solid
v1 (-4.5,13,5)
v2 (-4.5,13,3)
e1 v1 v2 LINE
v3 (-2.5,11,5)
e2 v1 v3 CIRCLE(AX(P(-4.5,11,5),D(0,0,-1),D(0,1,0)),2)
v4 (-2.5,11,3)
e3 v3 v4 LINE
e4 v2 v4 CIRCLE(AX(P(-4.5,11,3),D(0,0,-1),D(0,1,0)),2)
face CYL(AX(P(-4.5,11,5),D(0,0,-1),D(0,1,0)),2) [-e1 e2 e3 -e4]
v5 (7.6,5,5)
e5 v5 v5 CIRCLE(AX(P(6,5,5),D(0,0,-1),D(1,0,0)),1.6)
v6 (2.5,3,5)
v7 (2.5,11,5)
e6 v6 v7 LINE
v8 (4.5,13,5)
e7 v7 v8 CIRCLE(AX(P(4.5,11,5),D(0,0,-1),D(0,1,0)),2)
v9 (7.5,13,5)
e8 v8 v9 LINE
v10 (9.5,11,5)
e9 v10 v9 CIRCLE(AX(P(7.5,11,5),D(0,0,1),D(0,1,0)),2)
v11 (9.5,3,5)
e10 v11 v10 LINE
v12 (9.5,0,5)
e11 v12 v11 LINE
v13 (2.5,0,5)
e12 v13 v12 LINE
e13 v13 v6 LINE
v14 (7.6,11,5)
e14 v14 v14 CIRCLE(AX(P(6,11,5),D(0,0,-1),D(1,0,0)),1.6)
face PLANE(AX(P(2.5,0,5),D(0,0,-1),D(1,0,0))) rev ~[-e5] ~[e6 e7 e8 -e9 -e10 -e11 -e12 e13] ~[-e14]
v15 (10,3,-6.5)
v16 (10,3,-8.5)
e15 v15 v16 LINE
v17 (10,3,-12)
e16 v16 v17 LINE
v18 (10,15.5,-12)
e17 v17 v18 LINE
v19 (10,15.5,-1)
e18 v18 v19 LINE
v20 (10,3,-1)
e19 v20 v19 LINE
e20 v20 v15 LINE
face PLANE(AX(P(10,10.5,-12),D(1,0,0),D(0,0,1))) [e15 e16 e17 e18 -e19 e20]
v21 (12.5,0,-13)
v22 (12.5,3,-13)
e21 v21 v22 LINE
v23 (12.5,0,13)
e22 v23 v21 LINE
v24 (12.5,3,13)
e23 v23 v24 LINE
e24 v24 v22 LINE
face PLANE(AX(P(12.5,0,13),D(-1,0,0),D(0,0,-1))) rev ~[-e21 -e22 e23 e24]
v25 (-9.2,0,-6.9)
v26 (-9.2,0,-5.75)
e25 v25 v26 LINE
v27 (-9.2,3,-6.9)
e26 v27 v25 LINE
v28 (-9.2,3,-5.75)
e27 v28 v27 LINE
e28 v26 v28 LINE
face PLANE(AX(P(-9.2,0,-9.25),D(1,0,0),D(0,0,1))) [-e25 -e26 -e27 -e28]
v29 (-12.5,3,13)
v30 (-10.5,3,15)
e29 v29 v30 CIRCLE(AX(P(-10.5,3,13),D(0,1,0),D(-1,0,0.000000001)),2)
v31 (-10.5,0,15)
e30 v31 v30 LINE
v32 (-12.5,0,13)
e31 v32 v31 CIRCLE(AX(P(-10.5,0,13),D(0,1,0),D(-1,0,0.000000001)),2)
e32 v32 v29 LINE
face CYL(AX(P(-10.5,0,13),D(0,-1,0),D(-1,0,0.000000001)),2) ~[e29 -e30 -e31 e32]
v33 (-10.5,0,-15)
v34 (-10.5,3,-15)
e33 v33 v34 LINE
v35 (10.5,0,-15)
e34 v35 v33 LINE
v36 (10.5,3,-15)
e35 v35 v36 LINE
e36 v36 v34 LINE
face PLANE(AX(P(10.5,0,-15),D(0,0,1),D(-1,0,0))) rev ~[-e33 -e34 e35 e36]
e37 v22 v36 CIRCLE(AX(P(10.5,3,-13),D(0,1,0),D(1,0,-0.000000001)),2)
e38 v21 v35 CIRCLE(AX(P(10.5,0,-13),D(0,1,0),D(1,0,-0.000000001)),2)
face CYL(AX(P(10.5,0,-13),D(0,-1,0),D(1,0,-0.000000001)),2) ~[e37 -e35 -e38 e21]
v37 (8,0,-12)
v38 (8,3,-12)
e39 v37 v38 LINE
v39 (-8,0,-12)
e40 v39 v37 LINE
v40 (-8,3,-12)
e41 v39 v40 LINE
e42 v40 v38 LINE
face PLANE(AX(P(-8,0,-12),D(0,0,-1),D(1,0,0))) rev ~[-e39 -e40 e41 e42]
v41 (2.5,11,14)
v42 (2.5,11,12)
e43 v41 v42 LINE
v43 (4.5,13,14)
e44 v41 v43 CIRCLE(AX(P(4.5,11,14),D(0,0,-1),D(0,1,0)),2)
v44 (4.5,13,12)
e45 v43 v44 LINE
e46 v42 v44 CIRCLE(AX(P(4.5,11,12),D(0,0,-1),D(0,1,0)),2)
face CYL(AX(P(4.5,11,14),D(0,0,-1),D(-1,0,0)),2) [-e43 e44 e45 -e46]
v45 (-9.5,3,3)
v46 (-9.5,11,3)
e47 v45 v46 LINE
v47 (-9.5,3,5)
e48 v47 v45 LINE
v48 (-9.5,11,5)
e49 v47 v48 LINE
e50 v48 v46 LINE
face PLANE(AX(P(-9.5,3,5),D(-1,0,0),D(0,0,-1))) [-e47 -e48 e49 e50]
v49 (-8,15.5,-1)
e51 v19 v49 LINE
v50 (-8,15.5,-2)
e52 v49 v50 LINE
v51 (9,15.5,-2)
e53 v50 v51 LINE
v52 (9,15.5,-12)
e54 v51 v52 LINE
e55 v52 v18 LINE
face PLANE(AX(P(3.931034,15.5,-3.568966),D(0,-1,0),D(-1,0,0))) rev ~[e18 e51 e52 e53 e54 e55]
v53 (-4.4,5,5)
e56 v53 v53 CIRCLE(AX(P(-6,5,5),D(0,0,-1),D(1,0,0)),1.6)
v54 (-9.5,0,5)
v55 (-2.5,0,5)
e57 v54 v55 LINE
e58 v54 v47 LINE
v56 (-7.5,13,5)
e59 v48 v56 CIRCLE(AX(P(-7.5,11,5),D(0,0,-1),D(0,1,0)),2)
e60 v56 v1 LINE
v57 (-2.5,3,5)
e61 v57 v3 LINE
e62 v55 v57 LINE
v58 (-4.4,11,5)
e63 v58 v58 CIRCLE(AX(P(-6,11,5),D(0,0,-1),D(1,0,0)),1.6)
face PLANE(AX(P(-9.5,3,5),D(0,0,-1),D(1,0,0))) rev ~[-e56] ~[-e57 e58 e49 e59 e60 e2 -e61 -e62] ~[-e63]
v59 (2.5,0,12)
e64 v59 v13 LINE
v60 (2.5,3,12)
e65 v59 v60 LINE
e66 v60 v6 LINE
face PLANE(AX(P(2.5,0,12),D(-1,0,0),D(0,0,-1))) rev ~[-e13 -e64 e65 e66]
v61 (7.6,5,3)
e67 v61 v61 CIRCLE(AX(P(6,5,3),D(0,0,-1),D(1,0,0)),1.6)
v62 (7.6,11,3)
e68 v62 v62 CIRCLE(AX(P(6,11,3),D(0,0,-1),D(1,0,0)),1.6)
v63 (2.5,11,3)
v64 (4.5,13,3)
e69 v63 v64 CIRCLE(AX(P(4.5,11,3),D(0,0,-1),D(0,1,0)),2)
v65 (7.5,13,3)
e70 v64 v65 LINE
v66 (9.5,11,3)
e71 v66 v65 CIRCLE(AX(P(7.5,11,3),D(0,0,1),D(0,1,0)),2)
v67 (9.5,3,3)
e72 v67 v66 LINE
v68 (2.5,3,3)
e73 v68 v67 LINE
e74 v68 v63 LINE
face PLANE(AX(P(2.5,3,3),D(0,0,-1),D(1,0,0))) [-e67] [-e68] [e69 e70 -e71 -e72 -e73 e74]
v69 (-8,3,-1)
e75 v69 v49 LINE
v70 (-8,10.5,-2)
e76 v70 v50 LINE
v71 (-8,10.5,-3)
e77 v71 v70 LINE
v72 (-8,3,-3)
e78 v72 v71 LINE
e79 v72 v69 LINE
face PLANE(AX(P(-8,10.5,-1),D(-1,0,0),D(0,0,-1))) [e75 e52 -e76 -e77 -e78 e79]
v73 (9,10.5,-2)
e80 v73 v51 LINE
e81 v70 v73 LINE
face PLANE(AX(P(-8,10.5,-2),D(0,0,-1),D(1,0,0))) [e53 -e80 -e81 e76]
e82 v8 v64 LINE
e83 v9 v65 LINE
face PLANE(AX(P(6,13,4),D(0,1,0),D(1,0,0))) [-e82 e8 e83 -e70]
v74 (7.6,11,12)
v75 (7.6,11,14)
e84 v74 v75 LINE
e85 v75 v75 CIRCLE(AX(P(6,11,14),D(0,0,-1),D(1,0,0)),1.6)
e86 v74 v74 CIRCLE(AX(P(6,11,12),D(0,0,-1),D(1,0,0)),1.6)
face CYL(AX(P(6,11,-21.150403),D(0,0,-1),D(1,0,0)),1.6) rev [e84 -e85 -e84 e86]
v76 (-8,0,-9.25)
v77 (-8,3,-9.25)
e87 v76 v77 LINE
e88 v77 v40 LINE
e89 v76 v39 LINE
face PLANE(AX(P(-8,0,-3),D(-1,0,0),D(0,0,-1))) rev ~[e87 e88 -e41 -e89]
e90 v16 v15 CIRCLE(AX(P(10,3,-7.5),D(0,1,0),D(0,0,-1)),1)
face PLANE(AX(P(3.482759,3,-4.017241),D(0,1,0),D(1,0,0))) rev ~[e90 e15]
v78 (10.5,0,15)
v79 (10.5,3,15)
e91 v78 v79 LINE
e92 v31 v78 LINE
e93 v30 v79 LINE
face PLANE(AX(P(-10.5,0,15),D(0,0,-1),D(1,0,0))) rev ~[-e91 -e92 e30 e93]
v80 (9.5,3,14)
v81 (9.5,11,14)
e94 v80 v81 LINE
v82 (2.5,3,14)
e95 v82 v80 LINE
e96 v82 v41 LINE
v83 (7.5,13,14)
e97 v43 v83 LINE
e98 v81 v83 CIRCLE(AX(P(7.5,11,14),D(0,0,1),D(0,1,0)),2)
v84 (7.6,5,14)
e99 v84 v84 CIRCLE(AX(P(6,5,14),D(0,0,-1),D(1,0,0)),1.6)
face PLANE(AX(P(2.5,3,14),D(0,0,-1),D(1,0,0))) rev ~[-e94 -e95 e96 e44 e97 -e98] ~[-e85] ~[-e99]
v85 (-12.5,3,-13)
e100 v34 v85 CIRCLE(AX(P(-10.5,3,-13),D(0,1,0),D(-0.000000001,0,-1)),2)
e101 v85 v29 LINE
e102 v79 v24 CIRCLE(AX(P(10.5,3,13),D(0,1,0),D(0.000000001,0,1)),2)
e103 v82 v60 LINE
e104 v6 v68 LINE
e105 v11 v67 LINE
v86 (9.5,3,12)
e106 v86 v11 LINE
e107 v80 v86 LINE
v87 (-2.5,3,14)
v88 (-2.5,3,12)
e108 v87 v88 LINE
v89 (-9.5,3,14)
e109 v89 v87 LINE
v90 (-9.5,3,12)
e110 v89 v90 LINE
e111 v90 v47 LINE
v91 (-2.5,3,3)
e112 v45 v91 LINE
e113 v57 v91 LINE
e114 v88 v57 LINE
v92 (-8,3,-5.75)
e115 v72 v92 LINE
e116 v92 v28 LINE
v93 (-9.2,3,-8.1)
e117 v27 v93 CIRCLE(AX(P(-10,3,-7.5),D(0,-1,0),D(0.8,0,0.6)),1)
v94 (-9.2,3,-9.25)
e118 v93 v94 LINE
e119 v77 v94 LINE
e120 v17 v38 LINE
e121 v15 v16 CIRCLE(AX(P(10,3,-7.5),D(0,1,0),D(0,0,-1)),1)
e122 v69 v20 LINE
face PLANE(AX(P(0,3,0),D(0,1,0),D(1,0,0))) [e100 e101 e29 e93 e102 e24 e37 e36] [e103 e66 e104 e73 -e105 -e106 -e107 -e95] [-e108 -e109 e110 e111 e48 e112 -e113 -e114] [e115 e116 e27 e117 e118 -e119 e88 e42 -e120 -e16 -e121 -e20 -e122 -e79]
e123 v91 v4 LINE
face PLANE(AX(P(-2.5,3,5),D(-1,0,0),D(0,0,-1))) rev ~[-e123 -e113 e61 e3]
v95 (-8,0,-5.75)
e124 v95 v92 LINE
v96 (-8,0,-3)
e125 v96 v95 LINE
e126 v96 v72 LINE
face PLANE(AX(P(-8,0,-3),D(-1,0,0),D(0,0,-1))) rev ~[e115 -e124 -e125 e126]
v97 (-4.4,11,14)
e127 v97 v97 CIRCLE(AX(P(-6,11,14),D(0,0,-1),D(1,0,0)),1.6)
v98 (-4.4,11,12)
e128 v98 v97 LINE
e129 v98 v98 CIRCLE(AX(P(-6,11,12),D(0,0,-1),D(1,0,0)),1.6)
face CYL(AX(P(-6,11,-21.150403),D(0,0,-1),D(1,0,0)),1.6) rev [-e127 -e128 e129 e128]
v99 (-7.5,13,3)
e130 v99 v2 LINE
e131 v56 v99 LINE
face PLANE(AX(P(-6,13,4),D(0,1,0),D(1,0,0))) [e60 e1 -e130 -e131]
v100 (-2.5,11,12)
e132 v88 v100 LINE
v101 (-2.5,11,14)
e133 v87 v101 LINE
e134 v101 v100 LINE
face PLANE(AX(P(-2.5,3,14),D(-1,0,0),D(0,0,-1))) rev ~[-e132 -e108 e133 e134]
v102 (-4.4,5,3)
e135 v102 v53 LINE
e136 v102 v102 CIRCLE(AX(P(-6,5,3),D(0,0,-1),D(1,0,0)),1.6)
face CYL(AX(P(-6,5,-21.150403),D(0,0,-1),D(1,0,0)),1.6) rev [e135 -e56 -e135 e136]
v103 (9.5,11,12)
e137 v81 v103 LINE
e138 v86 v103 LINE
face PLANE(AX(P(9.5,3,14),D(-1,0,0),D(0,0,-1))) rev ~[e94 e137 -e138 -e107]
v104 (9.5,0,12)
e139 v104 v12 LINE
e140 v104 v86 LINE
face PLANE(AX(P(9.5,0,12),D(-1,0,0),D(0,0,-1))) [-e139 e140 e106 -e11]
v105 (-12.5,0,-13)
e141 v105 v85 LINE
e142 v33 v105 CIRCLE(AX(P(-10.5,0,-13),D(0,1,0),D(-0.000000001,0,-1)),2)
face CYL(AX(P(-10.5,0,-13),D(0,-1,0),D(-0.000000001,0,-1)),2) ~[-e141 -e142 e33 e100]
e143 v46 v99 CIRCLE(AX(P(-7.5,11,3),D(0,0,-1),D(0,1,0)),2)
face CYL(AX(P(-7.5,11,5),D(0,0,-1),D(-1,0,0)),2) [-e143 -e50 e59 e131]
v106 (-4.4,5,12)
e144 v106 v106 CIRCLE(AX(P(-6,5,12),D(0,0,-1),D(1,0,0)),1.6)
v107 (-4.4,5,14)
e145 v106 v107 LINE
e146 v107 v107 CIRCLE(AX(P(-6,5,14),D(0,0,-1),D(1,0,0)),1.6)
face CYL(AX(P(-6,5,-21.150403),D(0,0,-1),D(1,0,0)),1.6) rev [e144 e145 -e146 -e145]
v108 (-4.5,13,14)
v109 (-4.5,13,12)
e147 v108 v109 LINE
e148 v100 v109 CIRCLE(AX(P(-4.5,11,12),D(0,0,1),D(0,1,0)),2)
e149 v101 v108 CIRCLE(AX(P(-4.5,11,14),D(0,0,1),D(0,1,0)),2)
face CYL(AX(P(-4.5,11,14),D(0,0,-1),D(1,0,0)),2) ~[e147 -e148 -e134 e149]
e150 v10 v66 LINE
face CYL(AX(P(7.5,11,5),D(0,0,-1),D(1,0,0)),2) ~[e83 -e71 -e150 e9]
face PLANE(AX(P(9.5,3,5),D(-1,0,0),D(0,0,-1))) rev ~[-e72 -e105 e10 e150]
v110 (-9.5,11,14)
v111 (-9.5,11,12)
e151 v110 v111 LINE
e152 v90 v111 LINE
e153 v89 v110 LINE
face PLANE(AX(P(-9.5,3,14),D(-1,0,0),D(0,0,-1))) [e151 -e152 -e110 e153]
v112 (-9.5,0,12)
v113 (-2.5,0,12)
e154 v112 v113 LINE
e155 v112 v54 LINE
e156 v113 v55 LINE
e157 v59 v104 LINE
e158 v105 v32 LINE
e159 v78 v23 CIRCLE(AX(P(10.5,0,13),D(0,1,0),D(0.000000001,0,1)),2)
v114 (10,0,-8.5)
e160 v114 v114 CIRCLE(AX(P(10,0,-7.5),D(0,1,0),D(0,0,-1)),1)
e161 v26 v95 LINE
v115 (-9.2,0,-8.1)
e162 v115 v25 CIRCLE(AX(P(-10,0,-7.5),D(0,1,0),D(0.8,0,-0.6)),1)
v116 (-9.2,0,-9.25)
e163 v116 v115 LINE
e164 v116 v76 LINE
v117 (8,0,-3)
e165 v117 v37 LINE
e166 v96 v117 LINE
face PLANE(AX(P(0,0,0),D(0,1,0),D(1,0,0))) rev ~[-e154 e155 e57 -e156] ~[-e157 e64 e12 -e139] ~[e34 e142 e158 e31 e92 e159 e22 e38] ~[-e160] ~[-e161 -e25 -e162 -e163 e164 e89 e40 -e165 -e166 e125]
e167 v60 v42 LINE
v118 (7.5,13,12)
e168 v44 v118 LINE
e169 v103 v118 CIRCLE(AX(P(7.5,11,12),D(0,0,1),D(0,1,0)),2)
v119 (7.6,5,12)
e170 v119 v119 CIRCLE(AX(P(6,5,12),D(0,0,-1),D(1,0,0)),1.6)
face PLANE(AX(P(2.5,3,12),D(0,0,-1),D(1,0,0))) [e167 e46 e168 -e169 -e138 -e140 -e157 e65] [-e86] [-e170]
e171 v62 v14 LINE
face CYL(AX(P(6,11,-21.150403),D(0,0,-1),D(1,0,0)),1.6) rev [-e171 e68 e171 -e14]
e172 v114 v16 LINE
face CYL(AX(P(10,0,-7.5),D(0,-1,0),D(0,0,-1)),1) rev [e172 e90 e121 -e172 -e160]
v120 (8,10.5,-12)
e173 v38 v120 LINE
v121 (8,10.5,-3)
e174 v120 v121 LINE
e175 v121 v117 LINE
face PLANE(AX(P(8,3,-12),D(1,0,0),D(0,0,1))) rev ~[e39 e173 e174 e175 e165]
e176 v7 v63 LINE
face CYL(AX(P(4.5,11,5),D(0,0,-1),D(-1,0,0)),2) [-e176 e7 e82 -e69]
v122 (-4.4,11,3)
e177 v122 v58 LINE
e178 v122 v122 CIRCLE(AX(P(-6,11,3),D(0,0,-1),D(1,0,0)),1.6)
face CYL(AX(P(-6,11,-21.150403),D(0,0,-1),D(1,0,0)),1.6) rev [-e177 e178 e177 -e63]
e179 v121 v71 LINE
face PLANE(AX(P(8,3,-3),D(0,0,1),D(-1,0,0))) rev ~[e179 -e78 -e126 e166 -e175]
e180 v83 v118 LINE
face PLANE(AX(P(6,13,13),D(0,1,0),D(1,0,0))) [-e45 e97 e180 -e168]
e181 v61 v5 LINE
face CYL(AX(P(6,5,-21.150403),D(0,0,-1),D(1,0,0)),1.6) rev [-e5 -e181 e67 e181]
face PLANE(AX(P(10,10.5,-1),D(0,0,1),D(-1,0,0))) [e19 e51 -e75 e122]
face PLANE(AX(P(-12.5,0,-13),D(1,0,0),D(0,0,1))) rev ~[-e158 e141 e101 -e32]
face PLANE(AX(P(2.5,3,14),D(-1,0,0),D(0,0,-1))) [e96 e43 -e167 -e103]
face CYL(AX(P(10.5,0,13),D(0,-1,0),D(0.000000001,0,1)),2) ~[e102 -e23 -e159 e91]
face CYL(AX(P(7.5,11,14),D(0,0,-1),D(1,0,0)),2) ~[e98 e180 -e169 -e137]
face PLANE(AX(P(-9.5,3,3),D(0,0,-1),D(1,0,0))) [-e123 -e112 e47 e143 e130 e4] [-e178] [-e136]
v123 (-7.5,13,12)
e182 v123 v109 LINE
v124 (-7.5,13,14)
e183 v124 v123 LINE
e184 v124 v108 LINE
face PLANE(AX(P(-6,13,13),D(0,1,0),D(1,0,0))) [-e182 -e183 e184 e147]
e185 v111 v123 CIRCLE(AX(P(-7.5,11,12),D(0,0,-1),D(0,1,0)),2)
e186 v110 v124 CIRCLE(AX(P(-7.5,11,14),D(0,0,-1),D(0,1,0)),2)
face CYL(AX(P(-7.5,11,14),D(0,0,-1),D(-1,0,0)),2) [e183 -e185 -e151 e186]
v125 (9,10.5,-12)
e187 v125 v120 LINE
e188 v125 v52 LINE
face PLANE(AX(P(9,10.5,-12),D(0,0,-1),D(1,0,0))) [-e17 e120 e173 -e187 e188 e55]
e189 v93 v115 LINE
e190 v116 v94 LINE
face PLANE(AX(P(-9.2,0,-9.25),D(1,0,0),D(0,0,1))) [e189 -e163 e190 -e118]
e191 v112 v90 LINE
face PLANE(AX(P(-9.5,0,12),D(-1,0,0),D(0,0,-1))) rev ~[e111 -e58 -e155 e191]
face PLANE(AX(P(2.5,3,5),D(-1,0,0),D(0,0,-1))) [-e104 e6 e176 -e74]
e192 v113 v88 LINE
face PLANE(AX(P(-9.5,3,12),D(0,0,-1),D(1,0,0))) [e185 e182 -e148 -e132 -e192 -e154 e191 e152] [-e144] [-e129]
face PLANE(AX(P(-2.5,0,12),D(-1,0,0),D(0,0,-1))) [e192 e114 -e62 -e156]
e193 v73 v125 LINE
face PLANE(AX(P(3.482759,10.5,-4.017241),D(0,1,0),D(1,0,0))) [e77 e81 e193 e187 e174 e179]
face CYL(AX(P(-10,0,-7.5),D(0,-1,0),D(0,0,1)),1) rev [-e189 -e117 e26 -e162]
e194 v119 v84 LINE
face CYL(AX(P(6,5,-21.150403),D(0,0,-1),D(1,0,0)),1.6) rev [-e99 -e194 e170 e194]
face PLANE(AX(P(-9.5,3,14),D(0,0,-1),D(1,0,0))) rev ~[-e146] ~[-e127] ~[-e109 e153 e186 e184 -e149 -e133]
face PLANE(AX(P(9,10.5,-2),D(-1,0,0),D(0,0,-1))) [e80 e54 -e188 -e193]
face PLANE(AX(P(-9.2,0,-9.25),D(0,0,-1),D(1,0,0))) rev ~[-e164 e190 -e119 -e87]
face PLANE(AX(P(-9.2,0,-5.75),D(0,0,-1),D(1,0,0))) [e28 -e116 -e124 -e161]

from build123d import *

# Parameters (mm, degrees)
SKETCH_1_R               = 1
SKETCH_1_W               = 16
SKETCH_1_H               = 9
SKETCH_1_W_2             = 7
SKETCH_1_H_2             = 7
EXTRUDE_1_DEPTH          = 3
SKETCH_2_W               = 7
SKETCH_2_H               = 2
EXTRUDE_2_DEPTH          = 10
CUT_EXTRUDE_1_DEPTH      = 35.150402633
CUT_EXTRUDE_1_DEPTH_BACK = 35.150402633
SKETCH_3_R               = 1.6
FILLET_1_R               = 2
SKETCH_4_W               = 1.2
SKETCH_4_H               = 3.5
CUT_EXTRUDE_3_DEPTH      = 10
EXTRUDE_3_DEPTH          = 7.5
EXTRUDE_6_DEPTH          = 5


with BuildPart() as part:
    # 草图1 → 凸台-拉伸1 (new body)
    with BuildSketch(Plane(origin=(0, 0, 0), x_dir=(1, 0, 0), z_dir=(0, 1, 0))):
        with BuildLine():
            Line((-10.5, -15), (10.5, -15))
            ThreePointArc((10.5, -15), (11.914213562, -14.414213562), (12.5, -13))
            Line((12.5, -13), (12.5, 13))
            ThreePointArc((12.5, 13), (11.914213562, 14.414213562), (10.5, 15))
            Line((10.5, 15), (-10.5, 15))
            ThreePointArc((-10.5, 15), (-11.914213562, 14.414213562), (-12.5, 13))
            Line((-12.5, 13), (-12.5, -13))
            ThreePointArc((-12.5, -13), (-11.914213562, -14.414213562), (-10.5, -15))
        make_face()
        with Locations(Location((-10, 7.5, 0), (0, 0, 270))):
            Circle(SKETCH_1_R, mode=Mode.SUBTRACT)
        with Locations(Location((10, 7.5, 0), (0, 0, 90))):
            Circle(SKETCH_1_R, mode=Mode.SUBTRACT)
        with Locations((0, 7.5)):
            Rectangle(SKETCH_1_W, SKETCH_1_H, mode=Mode.SUBTRACT)
        with Locations((6, -8.5)):
            Rectangle(SKETCH_1_W_2, SKETCH_1_H_2, mode=Mode.SUBTRACT)
        with Locations((-6, -8.5)):
            Rectangle(SKETCH_1_W_2, SKETCH_1_H_2, mode=Mode.SUBTRACT)
    extrude(amount=EXTRUDE_1_DEPTH)

    # 草图2 → 凸台-拉伸2 (add)
    with BuildSketch(Plane(origin=(0, 3, 0), x_dir=(1, 0, 0), z_dir=(0, 1, 0))):
        with Locations((-6, -4)):
            Rectangle(SKETCH_2_W, SKETCH_2_H)
        with Locations((-6, -13)):
            Rectangle(SKETCH_2_W, SKETCH_2_H)
        with Locations((6, -4)):
            Rectangle(SKETCH_2_W, SKETCH_2_H)
        with Locations((6, -13)):
            Rectangle(SKETCH_2_W, SKETCH_2_H)
    extrude(amount=EXTRUDE_2_DEPTH)

    # 草图3 → 切除-拉伸1 (cut, two sides: drawn at the far end of the back side and taken through both)
    with BuildSketch(Plane.XY.offset(14).offset(-CUT_EXTRUDE_1_DEPTH_BACK)):
        with Locations((-6, 11)):
            Circle(SKETCH_3_R)
        with Locations((-6, 5)):
            Circle(SKETCH_3_R)
        with Locations((6, 11)):
            Circle(SKETCH_3_R)
        with Locations((6, 5)):
            Circle(SKETCH_3_R)
    extrude(amount=CUT_EXTRUDE_1_DEPTH + CUT_EXTRUDE_1_DEPTH_BACK, mode=Mode.SUBTRACT)

    # 圆角1
    fillet_1_edges = [part.edges().sort_by_distance(p)[0] for p in [
        (2.5, 13, 4),
        (9.5, 13, 4),
        (2.5, 13, 13),
        (9.5, 13, 13),
        (-9.5, 13, 4),
        (-2.5, 13, 4),
        (-9.5, 13, 13),
        (-2.5, 13, 13),
    ]]
    fillet(fillet_1_edges, radius=FILLET_1_R)

    # 草图4 → 切除-拉伸3 (cut)
    with BuildSketch(Plane.XZ):
        with Locations((-8.6, -7.5)):
            Rectangle(SKETCH_4_W, SKETCH_4_H)
    extrude(amount=-CUT_EXTRUDE_3_DEPTH, mode=Mode.SUBTRACT)

    # 草图5 → 凸台-拉伸3 (add)
    with BuildSketch(Plane(origin=(0, 3, 0), x_dir=(1, 0, 0), z_dir=(0, 1, 0))):
        Polygon((-8, 3), (-8, 1), (10, 1), (10, 12), (8, 12), (8, 3), align=None)
    extrude(amount=EXTRUDE_3_DEPTH)

    # 草图8 → 凸台-拉伸6 (add)
    with BuildSketch(Plane(origin=(0, 10.5, 0), x_dir=(1, 0, 0), z_dir=(0, 1, 0))):
        Polygon((-8, 1), (-8, 2), (9, 2), (9, 12), (10, 12), (10, 1), align=None)
    extrude(amount=EXTRUDE_6_DEPTH)


solid = part.part
